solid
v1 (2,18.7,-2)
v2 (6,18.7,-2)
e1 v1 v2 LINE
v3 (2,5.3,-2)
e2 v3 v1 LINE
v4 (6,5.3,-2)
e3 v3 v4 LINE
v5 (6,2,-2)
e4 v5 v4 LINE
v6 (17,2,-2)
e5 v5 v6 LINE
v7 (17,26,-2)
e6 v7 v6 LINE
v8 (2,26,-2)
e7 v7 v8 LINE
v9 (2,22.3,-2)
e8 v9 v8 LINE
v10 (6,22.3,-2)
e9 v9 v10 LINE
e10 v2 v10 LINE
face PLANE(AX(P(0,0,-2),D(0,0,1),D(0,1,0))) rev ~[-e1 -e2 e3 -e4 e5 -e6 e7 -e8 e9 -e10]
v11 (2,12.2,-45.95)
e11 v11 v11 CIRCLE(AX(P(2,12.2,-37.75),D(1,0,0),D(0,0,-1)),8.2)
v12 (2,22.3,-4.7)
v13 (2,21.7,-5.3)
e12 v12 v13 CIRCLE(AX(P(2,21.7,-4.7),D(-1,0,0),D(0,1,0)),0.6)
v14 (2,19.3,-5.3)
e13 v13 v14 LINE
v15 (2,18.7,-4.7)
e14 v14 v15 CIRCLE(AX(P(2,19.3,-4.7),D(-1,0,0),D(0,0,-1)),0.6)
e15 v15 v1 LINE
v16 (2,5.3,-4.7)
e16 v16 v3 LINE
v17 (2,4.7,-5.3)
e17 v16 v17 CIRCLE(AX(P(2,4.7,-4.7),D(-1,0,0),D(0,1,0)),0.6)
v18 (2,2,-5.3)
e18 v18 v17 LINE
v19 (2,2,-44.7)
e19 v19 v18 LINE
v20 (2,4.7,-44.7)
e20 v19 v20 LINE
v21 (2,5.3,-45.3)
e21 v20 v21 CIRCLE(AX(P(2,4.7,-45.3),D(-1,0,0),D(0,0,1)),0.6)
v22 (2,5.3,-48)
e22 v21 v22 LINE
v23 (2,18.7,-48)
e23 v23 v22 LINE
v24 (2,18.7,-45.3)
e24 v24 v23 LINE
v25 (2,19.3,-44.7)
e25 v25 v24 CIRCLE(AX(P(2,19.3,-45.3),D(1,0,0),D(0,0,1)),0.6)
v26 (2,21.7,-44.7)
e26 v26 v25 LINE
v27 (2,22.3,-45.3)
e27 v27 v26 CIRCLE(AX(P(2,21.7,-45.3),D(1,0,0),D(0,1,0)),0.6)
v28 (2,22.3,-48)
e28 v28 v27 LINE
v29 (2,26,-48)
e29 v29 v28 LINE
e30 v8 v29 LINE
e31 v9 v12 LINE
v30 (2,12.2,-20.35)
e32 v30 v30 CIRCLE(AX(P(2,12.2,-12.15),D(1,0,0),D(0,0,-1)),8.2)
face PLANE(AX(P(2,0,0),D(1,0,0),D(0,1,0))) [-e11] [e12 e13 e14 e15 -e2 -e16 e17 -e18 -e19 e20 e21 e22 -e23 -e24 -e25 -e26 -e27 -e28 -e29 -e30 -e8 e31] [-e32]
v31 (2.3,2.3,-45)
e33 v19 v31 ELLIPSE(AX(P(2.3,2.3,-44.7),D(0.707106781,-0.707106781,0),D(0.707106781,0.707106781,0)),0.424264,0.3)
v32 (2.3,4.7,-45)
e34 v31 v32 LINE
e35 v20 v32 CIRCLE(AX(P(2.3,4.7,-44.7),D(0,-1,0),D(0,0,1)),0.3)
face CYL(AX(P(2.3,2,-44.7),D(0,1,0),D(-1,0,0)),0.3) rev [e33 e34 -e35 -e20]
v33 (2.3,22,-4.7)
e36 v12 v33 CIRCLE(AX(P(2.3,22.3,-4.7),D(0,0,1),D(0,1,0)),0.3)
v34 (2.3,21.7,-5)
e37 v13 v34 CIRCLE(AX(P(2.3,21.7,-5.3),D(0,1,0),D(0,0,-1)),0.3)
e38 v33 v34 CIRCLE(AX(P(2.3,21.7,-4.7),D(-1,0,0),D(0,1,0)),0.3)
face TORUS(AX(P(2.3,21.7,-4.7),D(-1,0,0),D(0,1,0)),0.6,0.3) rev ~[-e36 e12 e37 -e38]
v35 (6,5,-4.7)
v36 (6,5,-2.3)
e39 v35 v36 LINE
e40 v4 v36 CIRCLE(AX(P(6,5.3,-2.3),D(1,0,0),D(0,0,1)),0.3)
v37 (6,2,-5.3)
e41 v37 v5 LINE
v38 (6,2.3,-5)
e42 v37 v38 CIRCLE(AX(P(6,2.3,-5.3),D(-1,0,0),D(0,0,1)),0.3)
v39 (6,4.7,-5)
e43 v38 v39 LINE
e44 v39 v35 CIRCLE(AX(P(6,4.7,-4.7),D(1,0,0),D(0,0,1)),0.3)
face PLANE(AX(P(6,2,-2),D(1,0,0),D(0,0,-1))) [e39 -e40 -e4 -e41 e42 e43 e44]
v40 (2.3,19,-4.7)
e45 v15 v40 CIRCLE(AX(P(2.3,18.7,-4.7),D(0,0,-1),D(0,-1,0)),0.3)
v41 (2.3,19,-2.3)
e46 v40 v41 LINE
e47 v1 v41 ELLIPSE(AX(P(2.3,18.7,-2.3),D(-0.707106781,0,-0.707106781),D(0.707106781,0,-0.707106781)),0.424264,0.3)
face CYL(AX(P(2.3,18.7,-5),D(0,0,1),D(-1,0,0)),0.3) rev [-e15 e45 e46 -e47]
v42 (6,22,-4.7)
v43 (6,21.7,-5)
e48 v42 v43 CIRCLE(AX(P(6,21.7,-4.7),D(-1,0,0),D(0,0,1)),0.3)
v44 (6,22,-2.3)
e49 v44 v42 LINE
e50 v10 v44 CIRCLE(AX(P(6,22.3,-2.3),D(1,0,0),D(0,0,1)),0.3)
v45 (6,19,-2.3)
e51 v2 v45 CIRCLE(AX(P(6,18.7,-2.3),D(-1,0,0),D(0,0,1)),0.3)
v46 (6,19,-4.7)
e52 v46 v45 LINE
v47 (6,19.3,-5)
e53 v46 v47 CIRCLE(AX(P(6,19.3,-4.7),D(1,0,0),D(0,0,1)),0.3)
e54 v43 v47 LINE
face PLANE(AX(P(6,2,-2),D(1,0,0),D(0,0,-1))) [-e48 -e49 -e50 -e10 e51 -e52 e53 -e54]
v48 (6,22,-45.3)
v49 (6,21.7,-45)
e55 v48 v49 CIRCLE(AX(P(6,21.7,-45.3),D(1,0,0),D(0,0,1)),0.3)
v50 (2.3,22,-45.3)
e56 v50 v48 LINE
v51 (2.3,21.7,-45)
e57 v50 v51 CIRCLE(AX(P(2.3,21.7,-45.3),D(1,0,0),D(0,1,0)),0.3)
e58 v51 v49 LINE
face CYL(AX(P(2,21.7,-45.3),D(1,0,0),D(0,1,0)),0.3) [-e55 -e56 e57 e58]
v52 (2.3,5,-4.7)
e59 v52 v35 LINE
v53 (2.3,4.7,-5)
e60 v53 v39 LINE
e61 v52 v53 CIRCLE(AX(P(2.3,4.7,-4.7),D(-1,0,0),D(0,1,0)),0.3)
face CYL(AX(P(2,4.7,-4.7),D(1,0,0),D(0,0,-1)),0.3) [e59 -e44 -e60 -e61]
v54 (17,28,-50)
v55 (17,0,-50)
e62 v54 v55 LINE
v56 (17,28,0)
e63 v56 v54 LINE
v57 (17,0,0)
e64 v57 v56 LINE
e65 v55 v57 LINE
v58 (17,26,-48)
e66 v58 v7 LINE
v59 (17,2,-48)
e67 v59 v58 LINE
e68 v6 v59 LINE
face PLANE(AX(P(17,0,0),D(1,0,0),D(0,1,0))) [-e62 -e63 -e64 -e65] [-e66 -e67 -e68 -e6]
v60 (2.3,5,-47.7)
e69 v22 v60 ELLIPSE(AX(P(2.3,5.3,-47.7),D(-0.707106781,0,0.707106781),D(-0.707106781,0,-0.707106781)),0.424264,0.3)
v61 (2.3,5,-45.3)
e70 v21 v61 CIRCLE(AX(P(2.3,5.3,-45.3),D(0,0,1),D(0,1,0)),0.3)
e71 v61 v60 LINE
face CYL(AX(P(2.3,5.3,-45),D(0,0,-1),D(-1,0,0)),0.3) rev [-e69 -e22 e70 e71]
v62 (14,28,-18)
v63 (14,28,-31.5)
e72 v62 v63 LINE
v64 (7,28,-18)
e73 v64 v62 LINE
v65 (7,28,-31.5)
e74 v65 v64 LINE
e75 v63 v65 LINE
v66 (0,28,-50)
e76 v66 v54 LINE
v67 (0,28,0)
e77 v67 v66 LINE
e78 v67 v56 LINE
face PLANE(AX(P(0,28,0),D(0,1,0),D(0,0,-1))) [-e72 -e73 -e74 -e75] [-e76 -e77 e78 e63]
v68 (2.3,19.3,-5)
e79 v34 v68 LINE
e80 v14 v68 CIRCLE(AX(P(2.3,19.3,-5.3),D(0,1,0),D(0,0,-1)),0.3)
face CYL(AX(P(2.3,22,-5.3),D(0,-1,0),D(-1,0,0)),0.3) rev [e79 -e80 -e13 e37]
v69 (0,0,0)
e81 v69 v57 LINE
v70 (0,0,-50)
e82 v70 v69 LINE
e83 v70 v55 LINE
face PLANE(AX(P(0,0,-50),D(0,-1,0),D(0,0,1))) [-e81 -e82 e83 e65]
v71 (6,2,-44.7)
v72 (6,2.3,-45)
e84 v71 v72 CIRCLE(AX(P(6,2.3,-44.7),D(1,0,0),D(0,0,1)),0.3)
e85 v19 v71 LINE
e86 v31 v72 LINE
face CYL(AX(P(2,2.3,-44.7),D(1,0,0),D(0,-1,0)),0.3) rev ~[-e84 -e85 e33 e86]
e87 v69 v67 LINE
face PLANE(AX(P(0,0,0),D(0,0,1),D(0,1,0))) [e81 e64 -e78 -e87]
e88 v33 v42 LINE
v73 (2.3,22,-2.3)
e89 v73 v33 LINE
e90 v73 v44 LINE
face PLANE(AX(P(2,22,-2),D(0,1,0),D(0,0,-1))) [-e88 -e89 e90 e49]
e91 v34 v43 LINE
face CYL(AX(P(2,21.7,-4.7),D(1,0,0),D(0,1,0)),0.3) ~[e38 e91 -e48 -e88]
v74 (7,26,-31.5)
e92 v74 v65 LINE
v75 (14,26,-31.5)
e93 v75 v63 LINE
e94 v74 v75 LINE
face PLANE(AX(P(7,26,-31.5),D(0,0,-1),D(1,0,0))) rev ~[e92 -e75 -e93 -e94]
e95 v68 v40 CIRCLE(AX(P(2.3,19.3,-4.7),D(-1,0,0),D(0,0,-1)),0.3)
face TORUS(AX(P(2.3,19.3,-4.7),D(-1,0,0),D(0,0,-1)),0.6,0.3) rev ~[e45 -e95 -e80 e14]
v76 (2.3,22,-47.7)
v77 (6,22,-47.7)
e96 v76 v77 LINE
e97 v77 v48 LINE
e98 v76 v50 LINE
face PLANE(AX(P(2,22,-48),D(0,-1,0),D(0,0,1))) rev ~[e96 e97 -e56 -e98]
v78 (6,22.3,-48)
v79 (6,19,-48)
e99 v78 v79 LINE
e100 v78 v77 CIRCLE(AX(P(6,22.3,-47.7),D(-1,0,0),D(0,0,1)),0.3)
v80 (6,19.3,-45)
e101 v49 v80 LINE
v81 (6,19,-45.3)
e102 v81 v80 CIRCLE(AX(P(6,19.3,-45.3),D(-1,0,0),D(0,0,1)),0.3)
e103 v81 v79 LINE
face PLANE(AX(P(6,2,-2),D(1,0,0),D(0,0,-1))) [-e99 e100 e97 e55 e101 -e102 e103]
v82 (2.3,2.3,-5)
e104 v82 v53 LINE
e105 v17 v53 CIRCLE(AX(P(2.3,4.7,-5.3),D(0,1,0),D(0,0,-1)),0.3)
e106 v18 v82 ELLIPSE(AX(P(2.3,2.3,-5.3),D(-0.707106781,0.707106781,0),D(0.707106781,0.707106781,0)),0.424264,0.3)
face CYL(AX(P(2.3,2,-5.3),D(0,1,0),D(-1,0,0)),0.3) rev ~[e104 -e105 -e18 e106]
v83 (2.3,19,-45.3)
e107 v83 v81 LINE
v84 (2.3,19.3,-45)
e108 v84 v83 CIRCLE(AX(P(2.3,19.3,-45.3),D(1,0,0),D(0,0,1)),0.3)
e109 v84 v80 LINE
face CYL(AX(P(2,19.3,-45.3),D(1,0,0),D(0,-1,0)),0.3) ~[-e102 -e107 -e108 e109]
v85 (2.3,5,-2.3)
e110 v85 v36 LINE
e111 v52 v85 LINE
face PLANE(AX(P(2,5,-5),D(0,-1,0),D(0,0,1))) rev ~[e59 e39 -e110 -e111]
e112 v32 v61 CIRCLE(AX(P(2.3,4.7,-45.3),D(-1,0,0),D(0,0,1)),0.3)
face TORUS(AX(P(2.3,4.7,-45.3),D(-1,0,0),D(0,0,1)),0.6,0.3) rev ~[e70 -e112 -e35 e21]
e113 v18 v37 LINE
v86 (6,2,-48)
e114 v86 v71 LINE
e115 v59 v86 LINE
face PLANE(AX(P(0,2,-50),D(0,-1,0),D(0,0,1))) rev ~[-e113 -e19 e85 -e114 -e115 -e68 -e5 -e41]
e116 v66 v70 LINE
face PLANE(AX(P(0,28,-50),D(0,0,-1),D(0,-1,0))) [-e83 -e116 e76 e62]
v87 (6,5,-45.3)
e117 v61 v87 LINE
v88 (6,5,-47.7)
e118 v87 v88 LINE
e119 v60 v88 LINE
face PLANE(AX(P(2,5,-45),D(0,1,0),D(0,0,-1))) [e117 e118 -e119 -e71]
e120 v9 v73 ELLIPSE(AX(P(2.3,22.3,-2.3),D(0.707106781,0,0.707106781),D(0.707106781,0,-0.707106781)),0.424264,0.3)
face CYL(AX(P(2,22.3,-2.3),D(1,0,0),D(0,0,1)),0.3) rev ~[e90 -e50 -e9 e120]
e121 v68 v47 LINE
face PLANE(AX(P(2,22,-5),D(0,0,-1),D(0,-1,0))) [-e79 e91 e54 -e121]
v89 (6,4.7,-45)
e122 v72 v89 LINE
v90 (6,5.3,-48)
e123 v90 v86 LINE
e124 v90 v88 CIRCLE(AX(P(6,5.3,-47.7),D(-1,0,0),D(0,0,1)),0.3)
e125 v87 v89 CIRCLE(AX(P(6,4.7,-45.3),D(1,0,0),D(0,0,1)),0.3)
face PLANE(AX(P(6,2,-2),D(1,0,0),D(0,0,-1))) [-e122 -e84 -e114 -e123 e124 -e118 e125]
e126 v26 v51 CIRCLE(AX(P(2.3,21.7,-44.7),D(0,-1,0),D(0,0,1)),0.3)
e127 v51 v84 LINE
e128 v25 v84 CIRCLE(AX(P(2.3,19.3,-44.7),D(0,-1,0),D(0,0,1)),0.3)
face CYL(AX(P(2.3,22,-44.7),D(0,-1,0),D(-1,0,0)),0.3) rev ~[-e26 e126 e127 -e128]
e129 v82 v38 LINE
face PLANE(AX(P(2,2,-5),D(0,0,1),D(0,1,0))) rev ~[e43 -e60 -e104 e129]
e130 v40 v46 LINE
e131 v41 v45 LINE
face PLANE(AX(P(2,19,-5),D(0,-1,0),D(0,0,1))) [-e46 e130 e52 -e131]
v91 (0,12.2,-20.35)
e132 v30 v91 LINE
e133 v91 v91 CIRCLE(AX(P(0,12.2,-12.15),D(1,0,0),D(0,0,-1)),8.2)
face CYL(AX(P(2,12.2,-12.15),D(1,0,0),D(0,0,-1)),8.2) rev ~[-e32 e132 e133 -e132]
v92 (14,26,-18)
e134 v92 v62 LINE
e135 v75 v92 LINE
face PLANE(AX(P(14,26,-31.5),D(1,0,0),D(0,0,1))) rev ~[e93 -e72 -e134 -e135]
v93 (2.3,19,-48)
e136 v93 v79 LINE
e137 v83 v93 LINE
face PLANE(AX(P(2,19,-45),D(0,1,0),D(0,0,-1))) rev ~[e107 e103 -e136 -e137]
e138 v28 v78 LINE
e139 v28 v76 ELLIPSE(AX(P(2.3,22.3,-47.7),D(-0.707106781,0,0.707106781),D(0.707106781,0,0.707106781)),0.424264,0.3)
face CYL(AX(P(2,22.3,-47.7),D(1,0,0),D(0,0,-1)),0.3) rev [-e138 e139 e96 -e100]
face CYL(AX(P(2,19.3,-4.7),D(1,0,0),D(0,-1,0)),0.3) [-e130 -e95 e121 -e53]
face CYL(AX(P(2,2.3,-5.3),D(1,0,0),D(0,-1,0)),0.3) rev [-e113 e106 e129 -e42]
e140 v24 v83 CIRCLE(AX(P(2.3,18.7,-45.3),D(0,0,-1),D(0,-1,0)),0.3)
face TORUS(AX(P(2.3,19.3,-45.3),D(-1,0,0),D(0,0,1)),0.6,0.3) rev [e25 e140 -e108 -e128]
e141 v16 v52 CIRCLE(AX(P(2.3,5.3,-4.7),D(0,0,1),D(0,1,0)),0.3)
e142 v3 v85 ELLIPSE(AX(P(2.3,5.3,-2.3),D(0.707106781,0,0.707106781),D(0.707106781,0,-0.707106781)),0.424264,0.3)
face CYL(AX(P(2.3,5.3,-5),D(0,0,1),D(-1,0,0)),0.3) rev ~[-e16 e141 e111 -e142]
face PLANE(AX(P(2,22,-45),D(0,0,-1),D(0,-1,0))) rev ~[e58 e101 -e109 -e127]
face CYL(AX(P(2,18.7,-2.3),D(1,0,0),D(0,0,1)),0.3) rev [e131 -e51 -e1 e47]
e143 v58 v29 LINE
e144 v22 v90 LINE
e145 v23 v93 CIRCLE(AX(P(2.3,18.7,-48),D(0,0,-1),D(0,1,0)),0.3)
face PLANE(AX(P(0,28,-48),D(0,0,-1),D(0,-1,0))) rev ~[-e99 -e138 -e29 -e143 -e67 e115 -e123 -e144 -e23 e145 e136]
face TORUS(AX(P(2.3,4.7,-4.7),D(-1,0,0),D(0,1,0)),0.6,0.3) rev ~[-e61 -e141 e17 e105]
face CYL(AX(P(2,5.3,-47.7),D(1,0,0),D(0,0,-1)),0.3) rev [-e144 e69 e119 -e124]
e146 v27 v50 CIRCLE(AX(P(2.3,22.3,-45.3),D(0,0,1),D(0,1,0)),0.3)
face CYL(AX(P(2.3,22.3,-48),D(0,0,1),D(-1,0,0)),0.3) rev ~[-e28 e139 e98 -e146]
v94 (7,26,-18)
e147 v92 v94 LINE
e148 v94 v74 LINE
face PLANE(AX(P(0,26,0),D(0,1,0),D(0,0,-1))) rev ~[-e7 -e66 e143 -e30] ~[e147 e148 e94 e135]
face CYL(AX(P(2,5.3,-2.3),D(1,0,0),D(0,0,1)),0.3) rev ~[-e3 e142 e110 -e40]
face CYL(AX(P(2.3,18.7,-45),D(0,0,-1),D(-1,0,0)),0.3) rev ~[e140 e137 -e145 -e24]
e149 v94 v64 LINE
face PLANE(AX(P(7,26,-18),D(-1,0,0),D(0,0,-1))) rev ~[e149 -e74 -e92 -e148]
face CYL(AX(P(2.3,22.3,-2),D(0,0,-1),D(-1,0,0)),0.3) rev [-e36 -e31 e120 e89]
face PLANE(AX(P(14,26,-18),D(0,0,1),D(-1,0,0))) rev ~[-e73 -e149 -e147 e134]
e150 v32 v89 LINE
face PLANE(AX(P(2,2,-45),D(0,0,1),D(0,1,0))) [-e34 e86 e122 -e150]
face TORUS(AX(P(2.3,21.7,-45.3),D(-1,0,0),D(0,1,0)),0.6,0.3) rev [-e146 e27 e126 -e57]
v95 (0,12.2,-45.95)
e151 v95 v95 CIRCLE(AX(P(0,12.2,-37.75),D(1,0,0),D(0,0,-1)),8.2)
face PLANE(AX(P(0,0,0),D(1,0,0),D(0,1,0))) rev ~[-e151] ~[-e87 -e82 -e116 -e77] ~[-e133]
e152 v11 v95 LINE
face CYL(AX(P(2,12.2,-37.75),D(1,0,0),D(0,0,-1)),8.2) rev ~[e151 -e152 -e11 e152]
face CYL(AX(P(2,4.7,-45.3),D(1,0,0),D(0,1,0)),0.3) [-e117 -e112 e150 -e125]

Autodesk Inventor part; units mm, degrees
ref_plane "YZ Plane" through (0, 0, 0) normal (1, 0, 0) x (0, 1, 0)
ref_plane "XZ Plane" through (0, 0, 0) normal (0, 1, 0) x (-1, 0, 0)
ref_plane "XY Plane" through (0, 0, 0) normal (0, 0, 1) x (1, 0, 0)
sketch "Skizze1" plane through (0, 0, 0) normal (1, 0, 0) x (0, 1, 0)
  line L0 (0, 0) -> (28, 0)
  line L1 (28, 0) -> (28, -50)
  line L2 (28, -50) -> (0, -50)
  line L3 (0, -50) -> (0, 0)
  dimension "d0" = 28
  dimension "d1" = 50
extrude "Extrusion1" add sketch "Skizze1" along normal blind 17
shell "Wandung1" thickness 2 removed faces 1 at (17, 9.3333, -16.6667)
sketch "Skizze2" plane through (2, 2, -2) normal (1, 0, 0) x (0, 0, -1)
  circle A0 centre (35.75, 10.2) radius 8.2
  circle A1 centre (10.15, 10.2) radius 8.2
  line L0 (46, 0) -> (0, 0) projected
  line L1 (0, 0) -> (0, 24) projected
  point P0 (-2, -2)
  dimension "d5" = 16.4
  dimension "d9" = 25.6
  dimension "d10" = 10.15
  dimension "d11" = 10.2
extrude "Extrusion2" cut sketch "Skizze2" against normal blind 14
sketch "Skizze3" plane through (2, 2, -2) normal (1, 0, 0) x (0, 0, -1)
  line L0 (0, 24) -> (0, 0) projected
  line L1 (0, 0) -> (3, 0)
  line L2 (3, 0) -> (3, 3)
  line L3 (3, 3) -> (0, 3)
  line L4 (0, 3) -> (0, 0)
  line L5 (0, 0) -> (46, 0) projected
  line L6 (46, 0) -> (43, 0)
  line L7 (43, 0) -> (43, 3)
  line L8 (43, 3) -> (46, 3)
  line L9 (46, 3) -> (46, 0)
  line L10 (46, 0) -> (46, 24) projected
  line L11 (46, 20) -> (43, 20)
  line L12 (43, 20) -> (43, 17)
  line L13 (43, 17) -> (46, 17)
  line L14 (46, 17) -> (46, 20)
  line L15 (0, 20) -> (3, 20)
  line L16 (3, 20) -> (3, 17)
  line L17 (3, 17) -> (0, 17)
  line L18 (0, 17) -> (0, 20)
  point P0 (-2, -2)
  point P1 (43, 0)
  point P2 (0, 20)
  point P3 (0, 17)
  dimension "d14" = 3
  dimension "d15" = 3
  dimension "d16" = 3
  dimension "d17" = 3
  dimension "d18" = 3
  dimension "d19" = 20
extrude "Extrusion3" add sketch "Skizze3" along normal blind 4
fillet "Rundung1" radius 0.3 23 edges at (4, 19, -5) (4, 22, -5) (4, 19, -2) (4, 22, -2) (4, 5, -2) (4, 5, -5) (4, 2, -5) (4, 22, -45) (2, 3.5, -45) (2, 5, -46.5) (4, 5, -45) (2, 22, -3.5) (2, 20.5, -5) (2, 5, -3.5) (2, 3.5, -5) (4, 19, -45) (4, 22, -48) (4, 5, -48) (4, 2, -45) (2, 22, -46.5) (2, 20.5, -45) (2, 19, -46.5) (2, 19, -3.5)
sketch "Skizze4" plane through (2, 26, -48) normal (0, -1, 0) x (1, 0, 0)
  line L0 (12, 30) -> (5, 30)
  line L1 (5, 30) -> (5, 16.5)
  line L2 (5, 16.5) -> (12, 16.5)
  line L3 (12, 16.5) -> (12, 30)
  line L4 (4, 43.3) -> (4, 45.7) projected
  line L5 (0, 46) -> (15, 46) projected
  point P0 (-2, 48)
  dimension "d23" = 1
  dimension "d24" = 7
  dimension "d25" = 13.5
  dimension "d26" = 16
extrude "Extrusion4" cut sketch "Skizze4" against normal blind 17
properties part number "gehaeuse_hc-sr04"
